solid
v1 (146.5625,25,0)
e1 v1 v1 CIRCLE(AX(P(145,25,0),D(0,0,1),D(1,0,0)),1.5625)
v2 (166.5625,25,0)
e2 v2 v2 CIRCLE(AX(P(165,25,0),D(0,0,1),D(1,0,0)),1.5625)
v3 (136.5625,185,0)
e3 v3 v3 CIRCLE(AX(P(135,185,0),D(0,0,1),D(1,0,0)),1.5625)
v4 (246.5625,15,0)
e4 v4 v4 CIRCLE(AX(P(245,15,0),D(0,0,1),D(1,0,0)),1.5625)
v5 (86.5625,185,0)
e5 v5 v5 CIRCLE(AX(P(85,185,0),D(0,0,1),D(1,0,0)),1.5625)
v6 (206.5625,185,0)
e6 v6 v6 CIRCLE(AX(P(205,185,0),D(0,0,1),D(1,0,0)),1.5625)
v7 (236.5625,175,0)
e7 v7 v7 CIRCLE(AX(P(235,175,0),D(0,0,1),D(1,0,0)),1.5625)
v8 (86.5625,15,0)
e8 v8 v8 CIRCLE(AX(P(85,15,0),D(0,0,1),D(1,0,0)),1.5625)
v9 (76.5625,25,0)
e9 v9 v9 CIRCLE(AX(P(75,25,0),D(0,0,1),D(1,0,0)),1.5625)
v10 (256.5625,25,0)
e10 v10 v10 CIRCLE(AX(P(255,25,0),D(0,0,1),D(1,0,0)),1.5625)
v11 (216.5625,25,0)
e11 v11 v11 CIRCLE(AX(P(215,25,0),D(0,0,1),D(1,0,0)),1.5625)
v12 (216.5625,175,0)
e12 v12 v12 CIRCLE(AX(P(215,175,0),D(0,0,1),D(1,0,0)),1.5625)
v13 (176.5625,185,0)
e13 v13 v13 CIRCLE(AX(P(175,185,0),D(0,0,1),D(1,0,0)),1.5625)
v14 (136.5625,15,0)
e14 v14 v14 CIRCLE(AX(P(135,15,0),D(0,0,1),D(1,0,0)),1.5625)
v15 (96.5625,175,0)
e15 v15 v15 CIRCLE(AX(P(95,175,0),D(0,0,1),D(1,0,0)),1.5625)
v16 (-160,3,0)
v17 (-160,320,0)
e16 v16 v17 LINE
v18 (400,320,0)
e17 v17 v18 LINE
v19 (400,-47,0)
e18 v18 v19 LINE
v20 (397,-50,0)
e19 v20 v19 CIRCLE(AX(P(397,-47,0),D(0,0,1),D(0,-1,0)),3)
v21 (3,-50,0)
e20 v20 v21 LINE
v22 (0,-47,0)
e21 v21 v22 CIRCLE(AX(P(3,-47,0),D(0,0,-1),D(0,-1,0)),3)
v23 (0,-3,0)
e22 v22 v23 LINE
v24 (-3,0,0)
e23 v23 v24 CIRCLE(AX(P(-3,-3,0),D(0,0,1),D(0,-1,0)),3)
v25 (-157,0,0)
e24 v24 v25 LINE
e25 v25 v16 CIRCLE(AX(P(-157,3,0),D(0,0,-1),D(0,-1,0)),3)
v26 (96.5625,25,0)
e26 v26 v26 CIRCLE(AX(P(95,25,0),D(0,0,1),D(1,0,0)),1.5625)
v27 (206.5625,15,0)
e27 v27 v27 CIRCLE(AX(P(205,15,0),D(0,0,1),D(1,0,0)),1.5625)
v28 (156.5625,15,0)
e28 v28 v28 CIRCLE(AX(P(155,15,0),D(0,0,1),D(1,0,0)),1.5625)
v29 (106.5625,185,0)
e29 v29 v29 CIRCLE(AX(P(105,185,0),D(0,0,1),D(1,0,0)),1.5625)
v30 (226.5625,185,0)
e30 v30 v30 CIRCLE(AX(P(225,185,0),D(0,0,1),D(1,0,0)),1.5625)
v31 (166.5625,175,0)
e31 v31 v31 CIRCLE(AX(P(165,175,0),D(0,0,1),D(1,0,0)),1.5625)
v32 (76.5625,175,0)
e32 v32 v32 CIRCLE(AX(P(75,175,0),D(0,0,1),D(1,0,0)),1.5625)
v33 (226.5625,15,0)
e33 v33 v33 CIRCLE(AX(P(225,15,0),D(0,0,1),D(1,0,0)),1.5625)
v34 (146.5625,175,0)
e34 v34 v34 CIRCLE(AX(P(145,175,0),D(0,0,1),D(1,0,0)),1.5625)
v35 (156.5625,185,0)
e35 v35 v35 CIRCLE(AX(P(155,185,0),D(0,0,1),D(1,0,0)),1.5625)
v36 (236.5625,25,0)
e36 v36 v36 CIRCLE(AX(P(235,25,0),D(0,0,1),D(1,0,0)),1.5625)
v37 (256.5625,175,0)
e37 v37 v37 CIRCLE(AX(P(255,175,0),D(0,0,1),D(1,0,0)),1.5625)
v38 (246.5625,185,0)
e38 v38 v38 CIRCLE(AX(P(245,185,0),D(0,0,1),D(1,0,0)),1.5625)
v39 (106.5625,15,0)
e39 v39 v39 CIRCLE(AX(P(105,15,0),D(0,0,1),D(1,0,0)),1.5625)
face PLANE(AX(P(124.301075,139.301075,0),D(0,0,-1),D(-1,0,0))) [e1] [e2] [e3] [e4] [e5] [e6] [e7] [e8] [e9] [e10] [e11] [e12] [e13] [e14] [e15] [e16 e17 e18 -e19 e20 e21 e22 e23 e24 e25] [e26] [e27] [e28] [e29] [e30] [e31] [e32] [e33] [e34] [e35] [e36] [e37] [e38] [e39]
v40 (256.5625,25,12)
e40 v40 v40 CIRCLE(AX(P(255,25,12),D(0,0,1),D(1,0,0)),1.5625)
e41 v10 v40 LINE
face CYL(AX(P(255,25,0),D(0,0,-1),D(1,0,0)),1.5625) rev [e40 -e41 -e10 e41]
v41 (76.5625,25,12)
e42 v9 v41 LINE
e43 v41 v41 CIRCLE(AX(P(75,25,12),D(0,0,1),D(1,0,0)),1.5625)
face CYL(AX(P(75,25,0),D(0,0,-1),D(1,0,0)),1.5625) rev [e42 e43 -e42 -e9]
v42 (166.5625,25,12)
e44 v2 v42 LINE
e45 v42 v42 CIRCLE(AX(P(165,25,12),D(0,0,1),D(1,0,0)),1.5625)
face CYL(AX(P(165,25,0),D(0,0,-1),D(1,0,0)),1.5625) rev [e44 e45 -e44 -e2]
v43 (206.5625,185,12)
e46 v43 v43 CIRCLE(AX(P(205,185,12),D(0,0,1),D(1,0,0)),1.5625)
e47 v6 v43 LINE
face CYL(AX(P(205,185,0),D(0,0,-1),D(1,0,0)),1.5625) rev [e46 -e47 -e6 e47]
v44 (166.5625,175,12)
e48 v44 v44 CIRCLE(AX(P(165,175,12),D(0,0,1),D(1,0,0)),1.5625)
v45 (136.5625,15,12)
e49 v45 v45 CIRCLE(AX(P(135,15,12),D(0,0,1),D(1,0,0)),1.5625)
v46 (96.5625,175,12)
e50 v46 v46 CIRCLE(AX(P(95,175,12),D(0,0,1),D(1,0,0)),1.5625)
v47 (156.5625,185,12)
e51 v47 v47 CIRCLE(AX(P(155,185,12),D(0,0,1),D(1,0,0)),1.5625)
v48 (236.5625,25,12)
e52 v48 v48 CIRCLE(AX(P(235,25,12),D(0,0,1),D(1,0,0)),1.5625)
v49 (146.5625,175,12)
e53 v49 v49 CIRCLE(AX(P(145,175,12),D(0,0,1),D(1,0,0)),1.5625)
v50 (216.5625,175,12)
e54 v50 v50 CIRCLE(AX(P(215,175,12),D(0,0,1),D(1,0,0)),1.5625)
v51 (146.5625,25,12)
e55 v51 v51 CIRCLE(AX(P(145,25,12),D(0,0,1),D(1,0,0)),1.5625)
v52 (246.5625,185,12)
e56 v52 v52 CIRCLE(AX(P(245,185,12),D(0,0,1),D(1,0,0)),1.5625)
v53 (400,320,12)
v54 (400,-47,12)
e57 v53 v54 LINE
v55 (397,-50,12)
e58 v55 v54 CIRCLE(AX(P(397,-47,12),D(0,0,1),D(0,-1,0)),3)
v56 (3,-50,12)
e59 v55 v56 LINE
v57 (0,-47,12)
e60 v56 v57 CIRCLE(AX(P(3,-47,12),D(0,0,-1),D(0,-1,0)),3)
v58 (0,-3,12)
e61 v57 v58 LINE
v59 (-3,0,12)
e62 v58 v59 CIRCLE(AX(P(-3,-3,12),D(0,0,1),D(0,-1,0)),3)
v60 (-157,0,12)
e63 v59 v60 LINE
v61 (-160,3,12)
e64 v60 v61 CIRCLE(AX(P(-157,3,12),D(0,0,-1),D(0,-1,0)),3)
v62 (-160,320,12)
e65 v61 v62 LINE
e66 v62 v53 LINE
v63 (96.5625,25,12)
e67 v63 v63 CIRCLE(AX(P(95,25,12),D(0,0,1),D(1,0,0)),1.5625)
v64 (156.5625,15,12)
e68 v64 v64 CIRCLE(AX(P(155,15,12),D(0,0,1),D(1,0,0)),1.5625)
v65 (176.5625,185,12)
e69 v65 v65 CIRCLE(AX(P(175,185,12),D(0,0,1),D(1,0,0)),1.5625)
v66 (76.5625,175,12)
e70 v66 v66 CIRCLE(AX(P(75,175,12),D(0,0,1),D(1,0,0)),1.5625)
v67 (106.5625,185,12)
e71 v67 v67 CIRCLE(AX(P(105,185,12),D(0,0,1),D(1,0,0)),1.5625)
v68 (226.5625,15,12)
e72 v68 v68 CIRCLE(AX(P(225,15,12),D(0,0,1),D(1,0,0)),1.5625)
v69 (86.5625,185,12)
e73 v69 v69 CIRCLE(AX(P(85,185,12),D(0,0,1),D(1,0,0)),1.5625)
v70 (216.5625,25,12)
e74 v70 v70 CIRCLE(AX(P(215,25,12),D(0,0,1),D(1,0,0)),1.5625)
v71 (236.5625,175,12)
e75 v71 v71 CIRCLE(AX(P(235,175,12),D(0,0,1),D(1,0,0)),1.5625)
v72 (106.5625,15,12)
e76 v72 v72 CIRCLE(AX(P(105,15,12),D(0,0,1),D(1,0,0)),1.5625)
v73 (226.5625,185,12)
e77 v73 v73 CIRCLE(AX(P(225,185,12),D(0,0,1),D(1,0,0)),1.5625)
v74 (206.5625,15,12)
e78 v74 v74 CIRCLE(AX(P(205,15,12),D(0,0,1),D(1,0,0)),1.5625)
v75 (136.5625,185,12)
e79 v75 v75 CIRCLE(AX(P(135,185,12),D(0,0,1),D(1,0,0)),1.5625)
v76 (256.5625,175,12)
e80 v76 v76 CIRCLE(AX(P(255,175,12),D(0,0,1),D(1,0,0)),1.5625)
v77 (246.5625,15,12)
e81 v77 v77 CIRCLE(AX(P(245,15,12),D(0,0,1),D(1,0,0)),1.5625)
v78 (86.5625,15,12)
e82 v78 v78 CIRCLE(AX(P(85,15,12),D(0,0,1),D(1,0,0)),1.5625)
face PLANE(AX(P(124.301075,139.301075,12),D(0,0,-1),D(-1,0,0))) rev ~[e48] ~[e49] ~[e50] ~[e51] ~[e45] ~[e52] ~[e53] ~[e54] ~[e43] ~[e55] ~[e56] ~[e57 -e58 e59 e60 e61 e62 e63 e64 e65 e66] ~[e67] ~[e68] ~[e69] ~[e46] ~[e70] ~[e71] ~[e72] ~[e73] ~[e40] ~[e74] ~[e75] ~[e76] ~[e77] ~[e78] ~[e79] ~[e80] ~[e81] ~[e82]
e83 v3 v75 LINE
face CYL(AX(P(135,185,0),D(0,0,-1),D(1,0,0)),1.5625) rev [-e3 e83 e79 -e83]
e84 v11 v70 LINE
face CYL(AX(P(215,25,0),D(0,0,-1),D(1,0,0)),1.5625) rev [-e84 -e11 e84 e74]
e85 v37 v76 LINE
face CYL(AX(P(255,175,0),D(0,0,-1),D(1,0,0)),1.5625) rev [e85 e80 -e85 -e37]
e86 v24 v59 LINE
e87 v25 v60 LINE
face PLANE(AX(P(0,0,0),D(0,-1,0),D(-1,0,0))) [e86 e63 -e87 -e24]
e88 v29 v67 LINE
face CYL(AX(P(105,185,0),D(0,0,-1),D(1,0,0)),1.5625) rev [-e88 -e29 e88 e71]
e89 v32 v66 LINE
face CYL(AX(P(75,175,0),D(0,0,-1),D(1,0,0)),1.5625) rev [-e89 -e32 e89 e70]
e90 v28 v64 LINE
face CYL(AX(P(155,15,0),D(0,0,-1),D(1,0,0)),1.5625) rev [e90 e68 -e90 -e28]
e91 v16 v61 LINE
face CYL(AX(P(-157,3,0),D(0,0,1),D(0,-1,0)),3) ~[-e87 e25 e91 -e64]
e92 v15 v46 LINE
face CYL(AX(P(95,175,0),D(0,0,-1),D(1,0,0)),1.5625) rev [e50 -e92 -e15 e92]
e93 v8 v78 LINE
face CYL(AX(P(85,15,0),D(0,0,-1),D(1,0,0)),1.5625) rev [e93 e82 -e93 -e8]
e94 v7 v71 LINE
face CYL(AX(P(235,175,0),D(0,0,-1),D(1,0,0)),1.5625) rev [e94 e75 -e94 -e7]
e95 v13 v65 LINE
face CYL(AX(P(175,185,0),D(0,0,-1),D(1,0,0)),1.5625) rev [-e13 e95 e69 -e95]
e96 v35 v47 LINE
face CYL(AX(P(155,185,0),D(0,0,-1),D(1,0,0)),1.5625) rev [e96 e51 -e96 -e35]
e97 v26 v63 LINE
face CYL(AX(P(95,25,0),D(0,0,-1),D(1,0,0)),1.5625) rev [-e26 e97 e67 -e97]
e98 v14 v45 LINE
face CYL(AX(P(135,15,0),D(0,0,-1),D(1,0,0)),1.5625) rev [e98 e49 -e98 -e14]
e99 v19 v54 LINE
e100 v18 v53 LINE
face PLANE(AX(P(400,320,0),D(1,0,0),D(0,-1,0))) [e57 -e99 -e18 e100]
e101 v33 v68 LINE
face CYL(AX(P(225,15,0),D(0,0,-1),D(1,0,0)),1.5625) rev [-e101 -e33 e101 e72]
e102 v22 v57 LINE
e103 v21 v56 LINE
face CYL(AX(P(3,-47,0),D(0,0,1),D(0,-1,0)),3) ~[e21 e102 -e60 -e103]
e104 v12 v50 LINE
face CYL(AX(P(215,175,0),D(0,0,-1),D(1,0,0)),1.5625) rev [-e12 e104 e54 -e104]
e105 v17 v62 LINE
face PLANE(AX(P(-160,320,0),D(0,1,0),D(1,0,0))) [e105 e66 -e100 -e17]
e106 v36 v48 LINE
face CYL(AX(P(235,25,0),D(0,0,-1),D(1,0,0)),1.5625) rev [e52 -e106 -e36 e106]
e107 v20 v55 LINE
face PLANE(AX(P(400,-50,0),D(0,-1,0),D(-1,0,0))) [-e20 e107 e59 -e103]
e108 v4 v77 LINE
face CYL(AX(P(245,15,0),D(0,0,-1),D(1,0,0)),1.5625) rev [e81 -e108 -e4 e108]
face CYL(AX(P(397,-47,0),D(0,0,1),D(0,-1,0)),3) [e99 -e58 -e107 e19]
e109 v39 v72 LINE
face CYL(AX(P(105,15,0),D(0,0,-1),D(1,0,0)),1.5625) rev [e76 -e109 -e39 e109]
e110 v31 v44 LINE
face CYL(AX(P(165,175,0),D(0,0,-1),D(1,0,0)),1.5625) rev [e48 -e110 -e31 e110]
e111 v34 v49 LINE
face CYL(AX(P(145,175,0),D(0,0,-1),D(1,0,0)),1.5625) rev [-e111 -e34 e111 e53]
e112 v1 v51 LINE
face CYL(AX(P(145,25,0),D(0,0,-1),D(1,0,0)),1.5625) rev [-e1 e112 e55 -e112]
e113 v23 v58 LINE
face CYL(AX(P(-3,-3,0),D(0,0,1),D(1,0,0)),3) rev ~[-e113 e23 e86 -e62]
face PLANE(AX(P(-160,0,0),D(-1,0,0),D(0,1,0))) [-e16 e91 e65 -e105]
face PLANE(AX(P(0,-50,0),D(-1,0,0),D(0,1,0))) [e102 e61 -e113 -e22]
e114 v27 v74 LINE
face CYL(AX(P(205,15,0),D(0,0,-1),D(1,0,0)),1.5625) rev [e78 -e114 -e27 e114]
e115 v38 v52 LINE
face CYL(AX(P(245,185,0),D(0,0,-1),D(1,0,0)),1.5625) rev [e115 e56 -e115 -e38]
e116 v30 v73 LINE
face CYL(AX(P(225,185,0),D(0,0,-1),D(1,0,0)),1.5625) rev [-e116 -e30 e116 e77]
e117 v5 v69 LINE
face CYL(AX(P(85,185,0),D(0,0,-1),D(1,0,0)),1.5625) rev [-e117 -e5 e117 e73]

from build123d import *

# Parameters (mm, degrees)
SKETCH_R  = 1.5625
PAD_DEPTH = 12
FILLET_R  = 3


with BuildPart() as part:
    # Sketch → Pad (new body)
    with BuildSketch(Plane.XY):
        Polygon((400, -50), (0, -50), (0, 0), (-160, 0), (-160, 320), (400, 320), align=None)
        with Locations((85, 15)):
            Circle(SKETCH_R, mode=Mode.SUBTRACT)
        with Locations((105, 15)):
            Circle(SKETCH_R, mode=Mode.SUBTRACT)
        with Locations((75, 25)):
            Circle(SKETCH_R, mode=Mode.SUBTRACT)
        with Locations((95, 25)):
            Circle(SKETCH_R, mode=Mode.SUBTRACT)
        with Locations((155, 15)):
            Circle(SKETCH_R, mode=Mode.SUBTRACT)
        with Locations((135, 15)):
            Circle(SKETCH_R, mode=Mode.SUBTRACT)
        with Locations((145, 25)):
            Circle(SKETCH_R, mode=Mode.SUBTRACT)
        with Locations((165, 25)):
            Circle(SKETCH_R, mode=Mode.SUBTRACT)
        with Locations((85, 185)):
            Circle(SKETCH_R, mode=Mode.SUBTRACT)
        with Locations((105, 185)):
            Circle(SKETCH_R, mode=Mode.SUBTRACT)
        with Locations((75, 175)):
            Circle(SKETCH_R, mode=Mode.SUBTRACT)
        with Locations((95, 175)):
            Circle(SKETCH_R, mode=Mode.SUBTRACT)
        with Locations((155, 185)):
            Circle(SKETCH_R, mode=Mode.SUBTRACT)
        with Locations((135, 185)):
            Circle(SKETCH_R, mode=Mode.SUBTRACT)
        with Locations((145, 175)):
            Circle(SKETCH_R, mode=Mode.SUBTRACT)
        with Locations((165, 175)):
            Circle(SKETCH_R, mode=Mode.SUBTRACT)
        with Locations((225, 185)):
            Circle(SKETCH_R, mode=Mode.SUBTRACT)
        with Locations((205, 185)):
            Circle(SKETCH_R, mode=Mode.SUBTRACT)
        with Locations((235, 175)):
            Circle(SKETCH_R, mode=Mode.SUBTRACT)
        with Locations((215, 175)):
            Circle(SKETCH_R, mode=Mode.SUBTRACT)
        with Locations((175, 185)):
            Circle(SKETCH_R, mode=Mode.SUBTRACT)
        with Locations((235, 25)):
            Circle(SKETCH_R, mode=Mode.SUBTRACT)
        with Locations((215, 25)):
            Circle(SKETCH_R, mode=Mode.SUBTRACT)
        with Locations((205, 15)):
            Circle(SKETCH_R, mode=Mode.SUBTRACT)
        with Locations((225, 15)):
            Circle(SKETCH_R, mode=Mode.SUBTRACT)
        with Locations((245, 15)):
            Circle(SKETCH_R, mode=Mode.SUBTRACT)
        with Locations((255, 25)):
            Circle(SKETCH_R, mode=Mode.SUBTRACT)
        with Locations((245, 185)):
            Circle(SKETCH_R, mode=Mode.SUBTRACT)
        with Locations((255, 175)):
            Circle(SKETCH_R, mode=Mode.SUBTRACT)
    extrude(amount=PAD_DEPTH)

    # Fillet
    fillet_edges = [part.edges().sort_by_distance(p)[0] for p in [
        (400, -50, 6),
        (0, -50, 6),
        (0, 0, 6),
        (-160, 0, 6),
    ]]
    fillet(fillet_edges, radius=FILLET_R)


solid = part.part
